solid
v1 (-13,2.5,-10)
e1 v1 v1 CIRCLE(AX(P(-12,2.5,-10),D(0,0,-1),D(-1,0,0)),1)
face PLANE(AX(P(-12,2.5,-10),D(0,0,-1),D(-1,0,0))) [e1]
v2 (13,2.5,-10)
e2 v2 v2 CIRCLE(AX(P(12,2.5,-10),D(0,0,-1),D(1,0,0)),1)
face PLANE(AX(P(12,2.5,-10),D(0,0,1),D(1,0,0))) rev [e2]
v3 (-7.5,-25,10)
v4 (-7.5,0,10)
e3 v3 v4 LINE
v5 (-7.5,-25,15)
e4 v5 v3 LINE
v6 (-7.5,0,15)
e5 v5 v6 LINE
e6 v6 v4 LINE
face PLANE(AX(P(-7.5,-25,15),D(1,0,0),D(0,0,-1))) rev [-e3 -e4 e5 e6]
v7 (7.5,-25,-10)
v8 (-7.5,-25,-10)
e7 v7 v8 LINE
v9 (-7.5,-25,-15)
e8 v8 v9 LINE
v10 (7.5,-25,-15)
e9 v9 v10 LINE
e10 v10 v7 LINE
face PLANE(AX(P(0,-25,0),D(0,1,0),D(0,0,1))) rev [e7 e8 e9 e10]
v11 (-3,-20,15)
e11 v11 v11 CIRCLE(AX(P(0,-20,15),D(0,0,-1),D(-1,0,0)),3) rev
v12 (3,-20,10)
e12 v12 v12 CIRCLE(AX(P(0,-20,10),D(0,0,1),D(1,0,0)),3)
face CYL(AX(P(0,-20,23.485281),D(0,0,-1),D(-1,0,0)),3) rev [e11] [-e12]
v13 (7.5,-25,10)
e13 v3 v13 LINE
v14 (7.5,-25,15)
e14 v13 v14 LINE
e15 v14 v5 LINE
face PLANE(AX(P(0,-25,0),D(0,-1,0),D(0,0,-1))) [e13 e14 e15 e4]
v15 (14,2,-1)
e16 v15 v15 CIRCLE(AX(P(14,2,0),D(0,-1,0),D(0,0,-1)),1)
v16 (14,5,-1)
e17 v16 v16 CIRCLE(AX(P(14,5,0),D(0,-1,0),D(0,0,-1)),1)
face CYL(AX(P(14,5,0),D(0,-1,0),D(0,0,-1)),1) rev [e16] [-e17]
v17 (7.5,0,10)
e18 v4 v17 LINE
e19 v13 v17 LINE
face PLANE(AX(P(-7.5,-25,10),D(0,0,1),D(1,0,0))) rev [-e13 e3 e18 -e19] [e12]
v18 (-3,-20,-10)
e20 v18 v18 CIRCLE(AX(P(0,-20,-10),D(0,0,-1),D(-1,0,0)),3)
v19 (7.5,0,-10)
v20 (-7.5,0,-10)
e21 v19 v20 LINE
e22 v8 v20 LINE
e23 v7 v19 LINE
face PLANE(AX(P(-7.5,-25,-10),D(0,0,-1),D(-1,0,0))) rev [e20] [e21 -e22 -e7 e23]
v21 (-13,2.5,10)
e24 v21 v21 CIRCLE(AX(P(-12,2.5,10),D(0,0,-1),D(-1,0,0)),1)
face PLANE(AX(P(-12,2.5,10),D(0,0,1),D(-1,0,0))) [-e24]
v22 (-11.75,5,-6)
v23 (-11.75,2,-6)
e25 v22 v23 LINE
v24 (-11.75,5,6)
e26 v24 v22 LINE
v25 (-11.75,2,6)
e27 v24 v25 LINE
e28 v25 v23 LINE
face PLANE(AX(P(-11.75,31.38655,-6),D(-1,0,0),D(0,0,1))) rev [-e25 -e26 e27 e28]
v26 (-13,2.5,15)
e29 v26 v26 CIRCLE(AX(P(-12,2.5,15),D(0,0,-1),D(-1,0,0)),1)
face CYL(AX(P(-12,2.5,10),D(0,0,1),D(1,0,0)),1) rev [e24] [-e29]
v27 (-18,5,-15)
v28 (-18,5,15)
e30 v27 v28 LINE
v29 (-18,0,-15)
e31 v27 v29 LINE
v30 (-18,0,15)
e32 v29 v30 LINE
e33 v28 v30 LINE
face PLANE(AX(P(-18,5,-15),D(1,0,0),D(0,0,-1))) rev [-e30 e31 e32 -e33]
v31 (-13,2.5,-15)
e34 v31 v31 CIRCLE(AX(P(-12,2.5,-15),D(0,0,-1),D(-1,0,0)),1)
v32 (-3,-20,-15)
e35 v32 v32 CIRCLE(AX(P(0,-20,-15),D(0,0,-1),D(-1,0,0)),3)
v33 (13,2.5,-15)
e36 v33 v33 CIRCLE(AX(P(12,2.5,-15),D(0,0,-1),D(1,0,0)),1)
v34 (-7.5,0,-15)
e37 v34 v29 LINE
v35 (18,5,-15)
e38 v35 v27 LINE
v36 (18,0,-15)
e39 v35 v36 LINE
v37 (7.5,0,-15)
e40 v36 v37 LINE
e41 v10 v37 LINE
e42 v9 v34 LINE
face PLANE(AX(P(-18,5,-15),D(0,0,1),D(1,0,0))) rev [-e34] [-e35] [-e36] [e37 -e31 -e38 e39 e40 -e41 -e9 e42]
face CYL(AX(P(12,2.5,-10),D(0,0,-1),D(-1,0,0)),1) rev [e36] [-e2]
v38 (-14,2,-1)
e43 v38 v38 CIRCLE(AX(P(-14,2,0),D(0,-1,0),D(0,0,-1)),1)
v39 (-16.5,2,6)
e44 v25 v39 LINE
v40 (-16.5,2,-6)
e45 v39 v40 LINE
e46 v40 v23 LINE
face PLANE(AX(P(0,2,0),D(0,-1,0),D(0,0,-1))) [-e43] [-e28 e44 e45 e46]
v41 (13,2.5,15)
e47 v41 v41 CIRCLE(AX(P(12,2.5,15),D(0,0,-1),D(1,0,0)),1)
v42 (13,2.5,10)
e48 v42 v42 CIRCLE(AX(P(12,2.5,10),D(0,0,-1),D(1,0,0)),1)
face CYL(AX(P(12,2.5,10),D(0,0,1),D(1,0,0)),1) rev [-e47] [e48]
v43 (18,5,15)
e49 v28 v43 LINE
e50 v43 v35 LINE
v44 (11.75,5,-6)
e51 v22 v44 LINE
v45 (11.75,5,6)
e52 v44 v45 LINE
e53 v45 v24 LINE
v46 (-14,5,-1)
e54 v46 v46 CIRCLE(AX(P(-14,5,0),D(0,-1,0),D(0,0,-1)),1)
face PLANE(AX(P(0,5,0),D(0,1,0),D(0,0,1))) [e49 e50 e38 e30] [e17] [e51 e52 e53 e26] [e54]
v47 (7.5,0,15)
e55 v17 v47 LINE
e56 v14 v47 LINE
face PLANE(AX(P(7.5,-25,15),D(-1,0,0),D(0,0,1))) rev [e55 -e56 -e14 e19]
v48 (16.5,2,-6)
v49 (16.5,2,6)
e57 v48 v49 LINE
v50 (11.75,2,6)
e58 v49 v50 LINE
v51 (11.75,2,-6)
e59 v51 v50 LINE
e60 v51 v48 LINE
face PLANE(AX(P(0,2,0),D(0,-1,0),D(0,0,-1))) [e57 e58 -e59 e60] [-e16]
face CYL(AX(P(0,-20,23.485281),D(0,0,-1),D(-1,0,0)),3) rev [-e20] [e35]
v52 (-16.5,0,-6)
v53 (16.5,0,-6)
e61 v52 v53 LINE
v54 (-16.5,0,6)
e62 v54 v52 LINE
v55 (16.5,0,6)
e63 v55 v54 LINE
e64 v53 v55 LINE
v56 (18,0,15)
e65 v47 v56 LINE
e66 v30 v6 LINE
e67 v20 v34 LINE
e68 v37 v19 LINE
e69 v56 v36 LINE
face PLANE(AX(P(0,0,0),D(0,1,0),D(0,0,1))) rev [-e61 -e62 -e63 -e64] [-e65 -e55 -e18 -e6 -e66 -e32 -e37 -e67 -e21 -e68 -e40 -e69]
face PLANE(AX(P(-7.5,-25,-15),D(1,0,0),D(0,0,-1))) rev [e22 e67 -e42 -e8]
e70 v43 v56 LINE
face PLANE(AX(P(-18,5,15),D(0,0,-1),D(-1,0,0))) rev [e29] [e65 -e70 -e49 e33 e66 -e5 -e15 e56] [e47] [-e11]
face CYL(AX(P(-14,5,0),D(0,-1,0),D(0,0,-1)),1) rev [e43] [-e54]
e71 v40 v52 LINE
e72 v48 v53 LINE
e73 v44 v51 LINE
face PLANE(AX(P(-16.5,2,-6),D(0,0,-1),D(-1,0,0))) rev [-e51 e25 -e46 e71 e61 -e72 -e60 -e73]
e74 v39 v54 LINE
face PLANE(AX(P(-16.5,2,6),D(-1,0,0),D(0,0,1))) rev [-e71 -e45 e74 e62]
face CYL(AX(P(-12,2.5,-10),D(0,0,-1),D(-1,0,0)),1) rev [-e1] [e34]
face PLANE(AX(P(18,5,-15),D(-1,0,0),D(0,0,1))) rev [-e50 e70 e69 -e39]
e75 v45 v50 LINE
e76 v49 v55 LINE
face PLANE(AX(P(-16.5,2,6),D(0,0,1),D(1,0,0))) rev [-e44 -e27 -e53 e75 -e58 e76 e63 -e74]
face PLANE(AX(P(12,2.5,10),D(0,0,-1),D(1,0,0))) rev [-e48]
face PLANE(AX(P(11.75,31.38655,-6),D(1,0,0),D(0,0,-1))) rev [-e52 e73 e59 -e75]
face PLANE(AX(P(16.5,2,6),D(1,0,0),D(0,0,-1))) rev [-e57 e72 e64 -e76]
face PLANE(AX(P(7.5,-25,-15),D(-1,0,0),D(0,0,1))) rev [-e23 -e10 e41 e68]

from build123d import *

# Parameters (mm, degrees)
SKETCH_1_W               = 36
SKETCH_1_H               = 30
EXTRUDE_1_DEPTH          = 5
SKETCH_4_W               = 33
SKETCH_4_H               = 12
CUT_EXTRUDE_2_DEPTH      = 2
SKETCH_8_R               = 1
CUT_EXTRUDE_6_DEPTH      = 3
CUT_EXTRUDE_3_DEPTH      = 24.622023622
CUT_EXTRUDE_3_DEPTH_BACK = 3
SKETCH_5_W               = 23.5
SKETCH_5_H               = 12
SKETCH_9_R               = 1
CUT_EXTRUDE_7_DEPTH      = 5
SKETCH_11_W              = 15
SKETCH_11_H              = 5
EXTRUDE_3_DEPTH          = 25
CUT_EXTRUDE_8_REACH      = 45
SKETCH_12_R              = 3


with BuildPart() as part:
    # 草图1 → 凸台-拉伸1 (new body)
    with BuildSketch(Plane(origin=(0, 0, 0), x_dir=(1, 0, 0), z_dir=(0, 1, 0))):
        Rectangle(SKETCH_1_W, SKETCH_1_H)
    extrude(amount=EXTRUDE_1_DEPTH)

    # 草图4 → 切除-拉伸2 (cut)
    with BuildSketch(Plane.XZ):
        Rectangle(SKETCH_4_W, SKETCH_4_H)
    extrude(amount=-CUT_EXTRUDE_2_DEPTH, mode=Mode.SUBTRACT)

    # 草图8 → 切除-拉伸6 (cut)
    with BuildSketch(Plane.XZ.offset(-2)):
        with Locations(Location((14, 0, 0), (0, 0, 270))):
            Circle(SKETCH_8_R)
        with Locations(Location((-14, 0, 0), (0, 0, 270))):
            Circle(SKETCH_8_R)
    extrude(amount=-CUT_EXTRUDE_6_DEPTH, mode=Mode.SUBTRACT)

    # 草图5 → 切除-拉伸3 (cut, two sides: drawn at the far end of the back side and taken through both)
    with BuildSketch(Plane.XZ.offset(-2).offset(-CUT_EXTRUDE_3_DEPTH_BACK)):
        Rectangle(SKETCH_5_W, SKETCH_5_H)
    extrude(amount=CUT_EXTRUDE_3_DEPTH + CUT_EXTRUDE_3_DEPTH_BACK, mode=Mode.SUBTRACT)

    # 草图9 → 切除-拉伸7 (cut)
    with BuildSketch(Plane(origin=(0, 0, -15), x_dir=(-1, 0, 0), z_dir=(0, 0, -1))):
        with Locations((12, 2.5)):
            Circle(SKETCH_9_R)
        with Locations(Location((-12, 2.5, 0), (0, 0, 180))):
            Circle(SKETCH_9_R)
    cut_extrude_7 = extrude(amount=-CUT_EXTRUDE_7_DEPTH, mode=Mode.SUBTRACT)

    # 镜向1: 切除-拉伸7 across plane
    add(cut_extrude_7.mirror(Plane.XY), mode=Mode.SUBTRACT)

    # 草图11 → 凸台-拉伸3 (add)
    with BuildSketch(Plane.XZ):
        with Locations((0, 12.5)):
            Rectangle(SKETCH_11_W, SKETCH_11_H)
        with Locations((0, -12.5)):
            Rectangle(SKETCH_11_W, SKETCH_11_H)
    extrude(amount=EXTRUDE_3_DEPTH)

    # 切除-拉伸8: up to this face of the body (flat: up to its plane)
    cut_extrude_8_end = Plane(part.part.faces().sort_by_distance((0, -7.75118941, 15))[0])
    # 草图12 → 切除-拉伸8 (cut, up to the picked face)
    with BuildSketch(Plane(origin=(0, 0, -15), x_dir=(-1, 0, 0), z_dir=(0, 0, -1)), mode=Mode.PRIVATE) as cut_extrude_8_sk1:
        with Locations((0, -20)):
            Circle(SKETCH_12_R)
    cut_extrude_8_tool1 = split(extrude(cut_extrude_8_sk1.sketch, amount=-CUT_EXTRUDE_8_REACH, mode=Mode.PRIVATE), bisect_by=cut_extrude_8_end, keep=Keep.BOTH, mode=Mode.PRIVATE)
    add(cut_extrude_8_tool1.solids().sort_by(Axis((0, -20, -15), (0, 0, 1)))[0], mode=Mode.SUBTRACT)


solid = part.part
